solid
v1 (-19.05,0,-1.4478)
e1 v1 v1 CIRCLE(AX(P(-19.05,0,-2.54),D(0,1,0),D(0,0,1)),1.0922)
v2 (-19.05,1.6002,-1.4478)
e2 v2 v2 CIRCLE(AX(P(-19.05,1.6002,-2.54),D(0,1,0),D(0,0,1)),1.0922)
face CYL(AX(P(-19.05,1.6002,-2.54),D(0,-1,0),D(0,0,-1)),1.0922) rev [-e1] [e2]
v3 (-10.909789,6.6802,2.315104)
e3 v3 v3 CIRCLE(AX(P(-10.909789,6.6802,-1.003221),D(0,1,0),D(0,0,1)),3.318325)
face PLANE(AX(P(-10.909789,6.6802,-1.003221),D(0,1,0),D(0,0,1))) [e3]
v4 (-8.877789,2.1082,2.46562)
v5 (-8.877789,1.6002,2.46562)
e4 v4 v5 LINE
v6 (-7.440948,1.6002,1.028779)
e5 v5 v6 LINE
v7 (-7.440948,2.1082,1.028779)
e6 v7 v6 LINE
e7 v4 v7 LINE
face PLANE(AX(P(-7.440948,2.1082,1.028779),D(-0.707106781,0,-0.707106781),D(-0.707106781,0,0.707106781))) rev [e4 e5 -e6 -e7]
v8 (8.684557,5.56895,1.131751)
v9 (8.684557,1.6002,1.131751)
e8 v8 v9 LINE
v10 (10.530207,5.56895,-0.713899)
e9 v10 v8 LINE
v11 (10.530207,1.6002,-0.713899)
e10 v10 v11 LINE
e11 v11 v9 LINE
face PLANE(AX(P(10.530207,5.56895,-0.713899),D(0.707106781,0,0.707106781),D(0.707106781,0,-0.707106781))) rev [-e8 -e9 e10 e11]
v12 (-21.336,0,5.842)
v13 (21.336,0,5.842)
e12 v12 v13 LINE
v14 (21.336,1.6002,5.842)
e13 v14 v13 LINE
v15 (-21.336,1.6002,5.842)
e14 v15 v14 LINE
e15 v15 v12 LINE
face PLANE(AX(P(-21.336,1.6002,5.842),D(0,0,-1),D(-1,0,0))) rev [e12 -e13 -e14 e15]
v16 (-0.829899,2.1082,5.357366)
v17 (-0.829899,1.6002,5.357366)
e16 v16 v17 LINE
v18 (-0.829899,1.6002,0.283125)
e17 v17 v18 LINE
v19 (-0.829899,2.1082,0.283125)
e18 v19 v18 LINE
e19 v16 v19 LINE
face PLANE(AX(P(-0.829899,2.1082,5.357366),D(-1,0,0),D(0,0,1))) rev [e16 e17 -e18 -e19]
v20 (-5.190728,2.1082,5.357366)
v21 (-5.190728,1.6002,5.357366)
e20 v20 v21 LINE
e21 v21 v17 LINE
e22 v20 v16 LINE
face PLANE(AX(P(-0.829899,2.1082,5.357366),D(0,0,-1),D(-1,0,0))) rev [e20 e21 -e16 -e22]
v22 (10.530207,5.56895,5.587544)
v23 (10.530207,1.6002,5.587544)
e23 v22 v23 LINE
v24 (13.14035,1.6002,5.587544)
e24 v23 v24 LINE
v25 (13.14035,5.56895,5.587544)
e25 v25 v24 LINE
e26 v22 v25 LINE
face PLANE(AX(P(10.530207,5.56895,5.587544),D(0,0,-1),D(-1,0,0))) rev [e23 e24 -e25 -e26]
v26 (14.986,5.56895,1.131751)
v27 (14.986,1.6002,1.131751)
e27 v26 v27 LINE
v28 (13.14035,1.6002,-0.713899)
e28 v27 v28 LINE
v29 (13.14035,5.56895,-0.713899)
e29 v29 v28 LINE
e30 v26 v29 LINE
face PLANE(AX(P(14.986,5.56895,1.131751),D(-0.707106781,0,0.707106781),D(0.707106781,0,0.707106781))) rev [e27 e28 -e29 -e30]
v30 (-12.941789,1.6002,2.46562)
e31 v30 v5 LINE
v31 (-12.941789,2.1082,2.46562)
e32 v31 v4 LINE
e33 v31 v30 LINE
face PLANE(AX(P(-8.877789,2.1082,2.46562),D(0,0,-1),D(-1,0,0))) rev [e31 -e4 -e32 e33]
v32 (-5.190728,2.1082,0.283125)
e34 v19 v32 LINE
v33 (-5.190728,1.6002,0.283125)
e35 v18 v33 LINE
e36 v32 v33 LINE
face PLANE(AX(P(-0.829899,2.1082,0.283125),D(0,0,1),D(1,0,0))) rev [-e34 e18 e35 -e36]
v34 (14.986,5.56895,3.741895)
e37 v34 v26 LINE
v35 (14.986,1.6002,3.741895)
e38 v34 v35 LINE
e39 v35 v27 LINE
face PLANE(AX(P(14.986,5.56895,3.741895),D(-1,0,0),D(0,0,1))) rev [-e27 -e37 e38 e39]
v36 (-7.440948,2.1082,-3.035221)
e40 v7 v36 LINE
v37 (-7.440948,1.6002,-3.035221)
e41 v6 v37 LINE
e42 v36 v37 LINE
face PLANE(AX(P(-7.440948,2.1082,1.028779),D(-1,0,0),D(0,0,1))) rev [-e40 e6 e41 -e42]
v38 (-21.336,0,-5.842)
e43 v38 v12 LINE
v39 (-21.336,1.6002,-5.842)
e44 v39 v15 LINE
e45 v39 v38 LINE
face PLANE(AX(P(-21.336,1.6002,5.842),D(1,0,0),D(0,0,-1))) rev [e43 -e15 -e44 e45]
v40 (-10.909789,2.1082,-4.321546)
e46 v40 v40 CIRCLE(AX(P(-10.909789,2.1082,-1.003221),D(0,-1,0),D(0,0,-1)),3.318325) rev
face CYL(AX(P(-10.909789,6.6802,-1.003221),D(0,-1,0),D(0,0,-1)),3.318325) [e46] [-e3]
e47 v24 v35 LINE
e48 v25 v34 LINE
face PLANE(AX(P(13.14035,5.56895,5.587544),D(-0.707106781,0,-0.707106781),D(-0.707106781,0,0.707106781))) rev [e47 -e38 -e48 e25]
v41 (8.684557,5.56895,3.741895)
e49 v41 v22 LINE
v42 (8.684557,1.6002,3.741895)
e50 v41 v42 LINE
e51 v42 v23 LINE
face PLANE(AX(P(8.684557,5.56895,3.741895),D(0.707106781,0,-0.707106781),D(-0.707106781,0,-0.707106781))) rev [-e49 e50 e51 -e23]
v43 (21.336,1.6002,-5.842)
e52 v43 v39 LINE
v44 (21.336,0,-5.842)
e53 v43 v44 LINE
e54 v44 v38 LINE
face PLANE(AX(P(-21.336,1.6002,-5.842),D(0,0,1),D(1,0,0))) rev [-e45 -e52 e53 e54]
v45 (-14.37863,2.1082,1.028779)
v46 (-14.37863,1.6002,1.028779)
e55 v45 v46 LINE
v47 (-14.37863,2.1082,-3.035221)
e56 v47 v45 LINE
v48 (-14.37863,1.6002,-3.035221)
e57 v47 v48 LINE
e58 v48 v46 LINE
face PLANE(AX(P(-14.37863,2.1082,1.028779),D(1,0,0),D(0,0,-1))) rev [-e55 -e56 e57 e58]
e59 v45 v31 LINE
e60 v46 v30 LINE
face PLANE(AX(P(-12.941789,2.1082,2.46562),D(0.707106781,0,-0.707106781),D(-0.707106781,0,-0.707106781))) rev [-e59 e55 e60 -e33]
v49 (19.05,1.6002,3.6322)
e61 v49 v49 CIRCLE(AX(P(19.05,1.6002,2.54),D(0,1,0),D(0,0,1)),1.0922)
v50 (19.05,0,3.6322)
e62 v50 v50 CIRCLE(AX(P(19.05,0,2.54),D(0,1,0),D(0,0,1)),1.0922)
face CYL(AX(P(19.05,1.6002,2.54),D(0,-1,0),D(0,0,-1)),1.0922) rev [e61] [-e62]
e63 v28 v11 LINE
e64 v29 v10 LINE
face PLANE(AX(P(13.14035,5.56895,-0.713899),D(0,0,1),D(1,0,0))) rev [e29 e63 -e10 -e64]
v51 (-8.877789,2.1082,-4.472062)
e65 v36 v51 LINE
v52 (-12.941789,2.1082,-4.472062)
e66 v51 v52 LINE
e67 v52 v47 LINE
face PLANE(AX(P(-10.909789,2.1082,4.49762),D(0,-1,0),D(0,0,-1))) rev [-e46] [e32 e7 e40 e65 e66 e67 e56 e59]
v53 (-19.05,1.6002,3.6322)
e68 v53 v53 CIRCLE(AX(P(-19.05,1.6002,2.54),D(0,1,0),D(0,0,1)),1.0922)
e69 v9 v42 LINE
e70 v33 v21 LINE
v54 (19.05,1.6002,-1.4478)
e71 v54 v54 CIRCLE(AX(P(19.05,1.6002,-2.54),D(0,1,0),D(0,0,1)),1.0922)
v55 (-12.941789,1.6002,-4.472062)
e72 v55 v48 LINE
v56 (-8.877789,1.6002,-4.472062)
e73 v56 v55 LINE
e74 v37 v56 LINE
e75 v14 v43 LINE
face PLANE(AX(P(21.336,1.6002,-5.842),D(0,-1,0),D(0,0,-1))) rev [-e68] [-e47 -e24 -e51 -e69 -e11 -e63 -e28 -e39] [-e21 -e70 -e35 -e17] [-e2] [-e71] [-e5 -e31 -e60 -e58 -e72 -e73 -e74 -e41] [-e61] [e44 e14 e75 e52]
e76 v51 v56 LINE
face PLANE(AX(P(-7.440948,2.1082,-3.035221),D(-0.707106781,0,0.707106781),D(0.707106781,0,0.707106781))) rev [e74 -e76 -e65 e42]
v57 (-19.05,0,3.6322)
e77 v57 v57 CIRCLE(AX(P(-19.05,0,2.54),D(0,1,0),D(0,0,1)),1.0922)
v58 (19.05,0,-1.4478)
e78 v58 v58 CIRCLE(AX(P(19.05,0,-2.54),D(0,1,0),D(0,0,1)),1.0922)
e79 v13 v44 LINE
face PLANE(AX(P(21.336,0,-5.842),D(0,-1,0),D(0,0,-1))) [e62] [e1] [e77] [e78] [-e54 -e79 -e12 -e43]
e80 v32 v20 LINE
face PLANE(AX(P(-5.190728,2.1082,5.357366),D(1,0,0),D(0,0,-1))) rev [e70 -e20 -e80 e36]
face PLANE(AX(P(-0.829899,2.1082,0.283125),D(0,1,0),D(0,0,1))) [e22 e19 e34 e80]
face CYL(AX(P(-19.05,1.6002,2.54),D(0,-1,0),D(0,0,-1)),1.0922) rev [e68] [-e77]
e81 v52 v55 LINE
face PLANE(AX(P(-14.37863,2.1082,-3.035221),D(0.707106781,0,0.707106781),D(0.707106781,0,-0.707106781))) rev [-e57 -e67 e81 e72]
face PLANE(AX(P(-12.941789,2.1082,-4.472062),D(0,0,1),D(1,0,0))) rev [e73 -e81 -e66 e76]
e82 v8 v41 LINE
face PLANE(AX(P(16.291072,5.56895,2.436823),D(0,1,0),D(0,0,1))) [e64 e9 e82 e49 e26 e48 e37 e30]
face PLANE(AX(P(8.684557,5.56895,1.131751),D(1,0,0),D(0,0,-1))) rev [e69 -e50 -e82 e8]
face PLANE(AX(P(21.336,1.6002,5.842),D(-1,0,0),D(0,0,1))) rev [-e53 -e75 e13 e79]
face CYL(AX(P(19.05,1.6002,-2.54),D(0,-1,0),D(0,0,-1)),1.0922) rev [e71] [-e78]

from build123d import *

# Parameters (mm, degrees)
SKETCH1_W           = 42.672
SKETCH1_H           = 11.684
SKETCH1_R           = 1.0922
BOSS_EXTRUDE1_DEPTH = 1.6002
SKETCH2_W           = 4.360829253
SKETCH2_H           = 5.074241287
BOSS_EXTRUDE2_DEPTH = 0.508
BOSS_EXTRUDE3_DEPTH = 0.508
SKETCH4_R           = 3.318325067
BOSS_EXTRUDE4_DEPTH = 4.572
BOSS_EXTRUDE5_DEPTH = 3.96875


with BuildPart() as part:
    # Sketch1 → Boss-Extrude1 (new body)
    with BuildSketch(Plane(origin=(0, 0, 0), x_dir=(1, 0, 0), z_dir=(0, 1, 0))):
        Rectangle(SKETCH1_W, SKETCH1_H)
        with Locations(Location((-19.05, 2.54, 0), (0, 0, 270))):
            Circle(SKETCH1_R, mode=Mode.SUBTRACT)
        with Locations(Location((-19.05, -2.54, 0), (0, 0, 270))):
            Circle(SKETCH1_R, mode=Mode.SUBTRACT)
        with Locations(Location((19.05, 2.54, 0), (0, 0, 270))):
            Circle(SKETCH1_R, mode=Mode.SUBTRACT)
        with Locations(Location((19.05, -2.54, 0), (0, 0, 270))):
            Circle(SKETCH1_R, mode=Mode.SUBTRACT)
    extrude(amount=BOSS_EXTRUDE1_DEPTH)

    # Sketch2 → Boss-Extrude2 (add)
    with BuildSketch(Plane(origin=(0, 1.6002, 0), x_dir=(1, 0, 0), z_dir=(0, 1, 0))):
        with Locations((-3.010313867, -2.820245611)):
            Rectangle(SKETCH2_W, SKETCH2_H)
    extrude(amount=BOSS_EXTRUDE2_DEPTH)

    # Sketch3 → Boss-Extrude3 (add)
    with BuildSketch(Plane(origin=(0, 1.6002, 0), x_dir=(1, 0, 0), z_dir=(0, 1, 0))):
        Polygon((-7.440948477, -1.028779312), (-7.440948477, 3.035220688), (-8.877789457, 4.472061667), (-12.941789457, 4.472061667), (-14.378630436, 3.035220688), (-14.378630436, -1.028779312), (-12.941789457, -2.465620292), (-8.877789457, -2.465620292), align=None)
    extrude(amount=BOSS_EXTRUDE3_DEPTH)

    # Sketch4 → Boss-Extrude4 (add)
    with BuildSketch(Plane(origin=(0, 2.1082, 0), x_dir=(1, 0, 0), z_dir=(0, 1, 0))):
        with Locations(Location((-10.909789457, 1.003220688, 0), (0, 0, 90))):
            Circle(SKETCH4_R)
    extrude(amount=BOSS_EXTRUDE4_DEPTH)

    # Sketch5 → Boss-Extrude5 (add)
    with BuildSketch(Plane(origin=(0, 1.6002, 0), x_dir=(1, 0, 0), z_dir=(0, 1, 0))):
        Polygon((14.986, -3.741894505), (14.986, -1.131751289), (13.140350032, 0.71389868), (10.530206815, 0.71389868), (8.684556847, -1.131751289), (8.684556847, -3.741894505), (10.530206815, -5.587544473), (13.140350032, -5.587544473), align=None)
    extrude(amount=BOSS_EXTRUDE5_DEPTH)


solid = part.part
